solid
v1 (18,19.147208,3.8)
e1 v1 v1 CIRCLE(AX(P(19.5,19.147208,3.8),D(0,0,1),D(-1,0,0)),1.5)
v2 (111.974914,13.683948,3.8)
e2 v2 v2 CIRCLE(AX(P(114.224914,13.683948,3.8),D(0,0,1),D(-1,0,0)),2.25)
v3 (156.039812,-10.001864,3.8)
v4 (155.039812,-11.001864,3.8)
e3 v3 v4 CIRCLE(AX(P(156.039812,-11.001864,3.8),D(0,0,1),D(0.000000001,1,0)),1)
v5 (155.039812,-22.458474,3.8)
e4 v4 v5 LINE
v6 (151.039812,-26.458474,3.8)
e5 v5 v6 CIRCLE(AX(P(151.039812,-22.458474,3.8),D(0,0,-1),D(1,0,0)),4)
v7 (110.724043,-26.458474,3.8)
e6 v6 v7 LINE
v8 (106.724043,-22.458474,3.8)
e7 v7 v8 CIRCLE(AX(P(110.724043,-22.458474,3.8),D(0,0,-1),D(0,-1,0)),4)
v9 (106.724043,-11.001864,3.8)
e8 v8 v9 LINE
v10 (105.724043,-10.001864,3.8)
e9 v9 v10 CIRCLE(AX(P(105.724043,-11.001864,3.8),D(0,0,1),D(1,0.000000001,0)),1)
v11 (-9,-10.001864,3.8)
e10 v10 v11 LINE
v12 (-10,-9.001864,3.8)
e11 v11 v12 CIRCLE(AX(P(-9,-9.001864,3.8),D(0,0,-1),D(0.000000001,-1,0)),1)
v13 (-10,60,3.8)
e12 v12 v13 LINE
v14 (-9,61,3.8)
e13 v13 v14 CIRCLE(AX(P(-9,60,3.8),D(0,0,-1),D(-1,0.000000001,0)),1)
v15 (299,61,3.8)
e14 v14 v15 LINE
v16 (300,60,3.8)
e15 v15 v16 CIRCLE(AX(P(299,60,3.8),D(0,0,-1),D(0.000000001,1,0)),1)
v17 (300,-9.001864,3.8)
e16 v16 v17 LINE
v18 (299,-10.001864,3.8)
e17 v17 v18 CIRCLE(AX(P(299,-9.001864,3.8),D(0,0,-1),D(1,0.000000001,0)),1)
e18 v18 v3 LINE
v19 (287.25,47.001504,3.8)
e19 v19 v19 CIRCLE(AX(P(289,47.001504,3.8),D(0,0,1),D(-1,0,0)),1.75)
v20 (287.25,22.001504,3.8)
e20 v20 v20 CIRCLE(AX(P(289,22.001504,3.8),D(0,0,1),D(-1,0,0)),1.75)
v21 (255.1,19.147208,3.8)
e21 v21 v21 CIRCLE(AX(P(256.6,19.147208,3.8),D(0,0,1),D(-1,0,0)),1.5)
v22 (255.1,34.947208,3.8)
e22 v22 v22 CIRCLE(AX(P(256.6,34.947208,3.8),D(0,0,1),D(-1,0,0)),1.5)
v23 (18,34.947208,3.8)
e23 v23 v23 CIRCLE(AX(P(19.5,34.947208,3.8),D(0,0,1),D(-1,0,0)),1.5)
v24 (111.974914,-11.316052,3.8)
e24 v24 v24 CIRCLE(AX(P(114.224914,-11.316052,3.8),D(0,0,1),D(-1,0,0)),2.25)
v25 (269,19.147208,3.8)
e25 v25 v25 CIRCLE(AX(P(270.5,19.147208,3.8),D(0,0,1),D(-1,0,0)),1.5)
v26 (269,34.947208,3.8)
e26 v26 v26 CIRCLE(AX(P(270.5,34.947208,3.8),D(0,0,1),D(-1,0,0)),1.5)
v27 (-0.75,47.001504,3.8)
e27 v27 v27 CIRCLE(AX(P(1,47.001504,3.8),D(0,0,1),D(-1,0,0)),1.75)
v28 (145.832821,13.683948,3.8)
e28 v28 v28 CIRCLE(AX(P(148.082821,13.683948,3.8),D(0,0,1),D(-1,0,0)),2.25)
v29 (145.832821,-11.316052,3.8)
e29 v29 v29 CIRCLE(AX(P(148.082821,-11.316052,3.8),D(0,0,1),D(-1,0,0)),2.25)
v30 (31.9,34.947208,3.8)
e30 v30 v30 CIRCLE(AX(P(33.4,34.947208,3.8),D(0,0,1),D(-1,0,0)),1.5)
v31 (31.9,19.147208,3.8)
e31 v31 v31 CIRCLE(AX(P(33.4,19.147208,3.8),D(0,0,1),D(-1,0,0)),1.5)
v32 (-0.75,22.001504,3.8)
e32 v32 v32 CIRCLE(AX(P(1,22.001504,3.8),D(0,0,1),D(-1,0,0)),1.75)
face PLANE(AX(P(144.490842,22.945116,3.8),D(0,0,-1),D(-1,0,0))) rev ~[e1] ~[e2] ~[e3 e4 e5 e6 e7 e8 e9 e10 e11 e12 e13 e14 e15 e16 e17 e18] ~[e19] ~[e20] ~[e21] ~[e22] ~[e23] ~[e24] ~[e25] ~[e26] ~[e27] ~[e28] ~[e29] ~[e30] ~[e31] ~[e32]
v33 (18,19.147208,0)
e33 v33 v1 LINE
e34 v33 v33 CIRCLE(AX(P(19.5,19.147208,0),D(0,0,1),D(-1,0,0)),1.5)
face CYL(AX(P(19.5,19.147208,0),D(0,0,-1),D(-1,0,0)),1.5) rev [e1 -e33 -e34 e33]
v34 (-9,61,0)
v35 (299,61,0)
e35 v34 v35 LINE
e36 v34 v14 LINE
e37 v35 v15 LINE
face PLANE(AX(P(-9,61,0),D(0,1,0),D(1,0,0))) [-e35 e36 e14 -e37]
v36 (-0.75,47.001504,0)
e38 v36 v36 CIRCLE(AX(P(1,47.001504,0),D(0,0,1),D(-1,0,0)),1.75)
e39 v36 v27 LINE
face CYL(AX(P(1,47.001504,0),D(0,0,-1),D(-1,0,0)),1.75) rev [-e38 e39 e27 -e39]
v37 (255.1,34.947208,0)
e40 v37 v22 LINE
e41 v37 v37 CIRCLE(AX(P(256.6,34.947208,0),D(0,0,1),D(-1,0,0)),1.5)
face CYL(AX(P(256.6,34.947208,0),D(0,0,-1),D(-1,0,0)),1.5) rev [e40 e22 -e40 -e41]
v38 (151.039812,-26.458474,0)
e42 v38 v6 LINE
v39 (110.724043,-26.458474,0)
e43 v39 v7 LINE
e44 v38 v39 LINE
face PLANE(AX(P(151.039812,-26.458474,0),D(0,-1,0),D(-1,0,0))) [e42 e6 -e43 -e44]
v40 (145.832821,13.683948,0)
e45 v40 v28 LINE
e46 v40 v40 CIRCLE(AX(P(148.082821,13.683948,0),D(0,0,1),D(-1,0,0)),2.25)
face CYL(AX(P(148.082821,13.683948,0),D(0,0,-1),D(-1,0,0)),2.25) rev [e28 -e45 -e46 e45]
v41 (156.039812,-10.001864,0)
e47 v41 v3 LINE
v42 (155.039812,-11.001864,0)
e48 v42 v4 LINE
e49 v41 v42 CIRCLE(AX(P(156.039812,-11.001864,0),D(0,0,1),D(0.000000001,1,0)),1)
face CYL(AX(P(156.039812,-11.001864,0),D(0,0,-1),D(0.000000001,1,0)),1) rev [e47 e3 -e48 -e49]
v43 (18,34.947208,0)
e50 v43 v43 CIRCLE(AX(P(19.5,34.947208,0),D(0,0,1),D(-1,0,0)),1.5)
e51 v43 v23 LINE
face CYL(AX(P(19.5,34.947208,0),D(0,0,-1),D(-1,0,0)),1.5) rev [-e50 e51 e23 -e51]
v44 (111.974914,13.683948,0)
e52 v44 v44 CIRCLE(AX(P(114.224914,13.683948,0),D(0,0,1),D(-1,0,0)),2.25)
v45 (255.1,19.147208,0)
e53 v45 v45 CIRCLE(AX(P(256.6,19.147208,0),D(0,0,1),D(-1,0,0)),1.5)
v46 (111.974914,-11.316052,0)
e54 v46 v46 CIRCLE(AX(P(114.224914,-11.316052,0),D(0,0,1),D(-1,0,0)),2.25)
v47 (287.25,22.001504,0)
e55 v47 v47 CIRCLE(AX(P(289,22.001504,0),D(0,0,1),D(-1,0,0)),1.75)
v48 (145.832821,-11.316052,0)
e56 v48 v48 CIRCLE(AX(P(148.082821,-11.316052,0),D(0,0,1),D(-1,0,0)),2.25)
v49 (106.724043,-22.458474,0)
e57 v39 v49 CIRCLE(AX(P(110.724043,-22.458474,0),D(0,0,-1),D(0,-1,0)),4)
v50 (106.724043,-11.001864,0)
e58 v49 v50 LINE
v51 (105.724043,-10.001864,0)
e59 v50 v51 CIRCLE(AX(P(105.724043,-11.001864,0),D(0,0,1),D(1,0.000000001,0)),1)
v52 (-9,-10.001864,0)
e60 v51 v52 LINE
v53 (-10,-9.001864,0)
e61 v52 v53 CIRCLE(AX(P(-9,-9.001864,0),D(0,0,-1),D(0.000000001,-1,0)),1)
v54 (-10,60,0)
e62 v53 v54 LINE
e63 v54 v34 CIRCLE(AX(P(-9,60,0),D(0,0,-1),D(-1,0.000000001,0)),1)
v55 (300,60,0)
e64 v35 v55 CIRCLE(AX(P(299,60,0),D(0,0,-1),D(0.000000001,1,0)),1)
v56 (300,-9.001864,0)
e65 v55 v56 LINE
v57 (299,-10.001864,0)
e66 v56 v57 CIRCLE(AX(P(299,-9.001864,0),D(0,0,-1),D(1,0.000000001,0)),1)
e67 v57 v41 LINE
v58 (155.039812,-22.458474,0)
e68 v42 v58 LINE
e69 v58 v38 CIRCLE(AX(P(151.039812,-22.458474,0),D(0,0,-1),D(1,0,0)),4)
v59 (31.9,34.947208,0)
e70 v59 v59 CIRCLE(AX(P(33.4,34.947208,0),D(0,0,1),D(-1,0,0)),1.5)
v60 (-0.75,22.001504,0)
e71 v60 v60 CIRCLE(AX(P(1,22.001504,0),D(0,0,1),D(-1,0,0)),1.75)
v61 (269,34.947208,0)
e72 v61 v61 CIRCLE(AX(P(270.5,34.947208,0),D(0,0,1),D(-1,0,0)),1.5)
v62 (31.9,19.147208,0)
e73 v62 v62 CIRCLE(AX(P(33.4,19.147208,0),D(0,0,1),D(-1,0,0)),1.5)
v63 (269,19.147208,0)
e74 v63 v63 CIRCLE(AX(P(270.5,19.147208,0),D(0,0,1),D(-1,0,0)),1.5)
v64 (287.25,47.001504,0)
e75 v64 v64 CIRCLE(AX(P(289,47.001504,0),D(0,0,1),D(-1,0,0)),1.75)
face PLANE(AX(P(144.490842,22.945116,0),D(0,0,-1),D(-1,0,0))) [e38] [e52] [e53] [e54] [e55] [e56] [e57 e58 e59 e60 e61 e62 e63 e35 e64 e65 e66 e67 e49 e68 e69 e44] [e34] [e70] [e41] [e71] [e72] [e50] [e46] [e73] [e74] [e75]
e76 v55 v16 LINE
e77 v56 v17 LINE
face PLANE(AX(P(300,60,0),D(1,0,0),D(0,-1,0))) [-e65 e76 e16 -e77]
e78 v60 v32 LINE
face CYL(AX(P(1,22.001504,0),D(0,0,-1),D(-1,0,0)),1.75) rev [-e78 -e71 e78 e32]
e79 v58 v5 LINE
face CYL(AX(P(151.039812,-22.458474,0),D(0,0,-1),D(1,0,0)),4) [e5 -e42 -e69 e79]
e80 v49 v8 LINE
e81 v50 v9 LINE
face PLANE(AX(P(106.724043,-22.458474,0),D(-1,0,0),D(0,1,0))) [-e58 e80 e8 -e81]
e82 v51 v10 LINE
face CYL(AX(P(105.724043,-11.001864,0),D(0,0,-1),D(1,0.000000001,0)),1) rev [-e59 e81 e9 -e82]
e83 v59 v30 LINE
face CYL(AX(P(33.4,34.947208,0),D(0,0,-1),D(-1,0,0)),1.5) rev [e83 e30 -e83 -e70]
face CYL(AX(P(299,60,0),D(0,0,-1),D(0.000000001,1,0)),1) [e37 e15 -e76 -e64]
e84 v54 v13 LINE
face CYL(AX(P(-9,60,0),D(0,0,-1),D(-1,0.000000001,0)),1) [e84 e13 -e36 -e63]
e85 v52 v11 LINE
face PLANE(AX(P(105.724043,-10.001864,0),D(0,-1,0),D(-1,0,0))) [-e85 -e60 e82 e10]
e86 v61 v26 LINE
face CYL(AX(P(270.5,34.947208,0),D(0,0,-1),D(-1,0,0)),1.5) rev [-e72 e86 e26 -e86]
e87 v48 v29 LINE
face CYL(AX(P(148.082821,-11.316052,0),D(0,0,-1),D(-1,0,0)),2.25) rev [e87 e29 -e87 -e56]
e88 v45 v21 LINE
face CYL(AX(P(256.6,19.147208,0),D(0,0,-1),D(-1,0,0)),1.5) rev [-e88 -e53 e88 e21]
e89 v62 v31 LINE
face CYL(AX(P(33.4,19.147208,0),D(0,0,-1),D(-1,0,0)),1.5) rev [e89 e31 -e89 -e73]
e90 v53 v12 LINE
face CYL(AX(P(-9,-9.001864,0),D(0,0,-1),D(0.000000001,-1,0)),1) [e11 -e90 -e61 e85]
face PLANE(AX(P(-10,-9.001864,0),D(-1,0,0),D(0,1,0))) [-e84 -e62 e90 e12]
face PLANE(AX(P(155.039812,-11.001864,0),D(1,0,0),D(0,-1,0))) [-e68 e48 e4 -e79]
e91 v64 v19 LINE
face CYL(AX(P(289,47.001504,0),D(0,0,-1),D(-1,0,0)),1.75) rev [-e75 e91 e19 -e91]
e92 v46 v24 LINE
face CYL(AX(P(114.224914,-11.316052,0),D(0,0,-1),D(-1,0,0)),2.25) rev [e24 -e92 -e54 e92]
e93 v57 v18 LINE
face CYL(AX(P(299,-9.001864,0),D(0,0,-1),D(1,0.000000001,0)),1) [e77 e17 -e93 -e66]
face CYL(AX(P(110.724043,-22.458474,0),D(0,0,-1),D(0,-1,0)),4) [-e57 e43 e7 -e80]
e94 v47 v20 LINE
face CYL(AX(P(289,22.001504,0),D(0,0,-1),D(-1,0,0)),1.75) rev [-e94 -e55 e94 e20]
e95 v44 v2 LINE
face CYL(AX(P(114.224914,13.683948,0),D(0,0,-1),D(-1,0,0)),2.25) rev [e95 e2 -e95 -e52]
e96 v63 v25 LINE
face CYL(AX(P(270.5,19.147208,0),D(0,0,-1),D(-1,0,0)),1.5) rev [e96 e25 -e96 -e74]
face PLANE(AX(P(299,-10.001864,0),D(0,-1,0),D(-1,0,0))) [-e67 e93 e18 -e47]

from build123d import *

# Parameters (mm, degrees)
SKETCH1_R           = 1.75
SKETCH1_R_2         = 2.25
SKETCH1_R_3         = 1.5
BOSS_EXTRUDE1_DEPTH = 3.8


with BuildPart() as part:
    # Sketch1 → Boss-Extrude1 (new body)
    with BuildSketch(Plane.XY):
        with BuildLine():
            Line((299, -10.001863855), (156.039811852, -10.001863855))
            ThreePointArc((156.039811852, -10.001863855), (155.33270507, -10.294757074), (155.039811852, -11.001863855))
            Line((155.039811852, -11.001863855), (155.039811852, -22.458474266))
            ThreePointArc((155.039811852, -22.458474266), (153.868238976, -25.286901391), (151.039811852, -26.458474266))
            Line((151.039811852, -26.458474266), (110.724043242, -26.458474266))
            ThreePointArc((110.724043242, -26.458474266), (107.895616117, -25.286901391), (106.724043242, -22.458474266))
            Line((106.724043242, -22.458474266), (106.724043242, -11.001863855))
            ThreePointArc((106.724043242, -11.001863855), (106.431150023, -10.294757074), (105.724043242, -10.001863855))
            Line((105.724043242, -10.001863855), (-9, -10.001863855))
            ThreePointArc((-9, -10.001863855), (-9.707106781, -9.708970637), (-10, -9.001863855))
            Line((-10, -9.001863855), (-10, 60))
            ThreePointArc((-10, 60), (-9.707106781, 60.707106781), (-9, 61))
            Line((-9, 61), (299, 61))
            ThreePointArc((299, 61), (299.707106781, 60.707106781), (300, 60))
            Line((300, 60), (300, -9.001863855))
            ThreePointArc((300, -9.001863855), (299.707106781, -9.708970637), (299, -10.001863855))
        make_face()
        with Locations(Location((289, 22.001504258, 0), (0, 0, 180))):
            Circle(SKETCH1_R, mode=Mode.SUBTRACT)
        with Locations(Location((289, 47.001504258, 0), (0, 0, 180))):
            Circle(SKETCH1_R, mode=Mode.SUBTRACT)
        with Locations(Location((148.082820817, -11.316051766, 0), (0, 0, 180))):
            Circle(SKETCH1_R_2, mode=Mode.SUBTRACT)
        with Locations(Location((148.082820817, 13.683948234, 0), (0, 0, 180))):
            Circle(SKETCH1_R_2, mode=Mode.SUBTRACT)
        with Locations(Location((114.224914373, 13.683948234, 0), (0, 0, 180))):
            Circle(SKETCH1_R_2, mode=Mode.SUBTRACT)
        with Locations(Location((114.224914373, -11.316051766, 0), (0, 0, 180))):
            Circle(SKETCH1_R_2, mode=Mode.SUBTRACT)
        with Locations(Location((256.6, 19.147207957, 0), (0, 0, 180))):
            Circle(SKETCH1_R_3, mode=Mode.SUBTRACT)
        with Locations(Location((270.5, 19.147207957, 0), (0, 0, 180))):
            Circle(SKETCH1_R_3, mode=Mode.SUBTRACT)
        with Locations(Location((270.5, 34.947207957, 0), (0, 0, 180))):
            Circle(SKETCH1_R_3, mode=Mode.SUBTRACT)
        with Locations(Location((256.6, 34.947207957, 0), (0, 0, 180))):
            Circle(SKETCH1_R_3, mode=Mode.SUBTRACT)
        with Locations(Location((33.4, 34.947207957, 0), (0, 0, 180))):
            Circle(SKETCH1_R_3, mode=Mode.SUBTRACT)
        with Locations(Location((19.5, 34.947207957, 0), (0, 0, 180))):
            Circle(SKETCH1_R_3, mode=Mode.SUBTRACT)
        with Locations(Location((19.5, 19.147207957, 0), (0, 0, 180))):
            Circle(SKETCH1_R_3, mode=Mode.SUBTRACT)
        with Locations(Location((33.4, 19.147207957, 0), (0, 0, 180))):
            Circle(SKETCH1_R_3, mode=Mode.SUBTRACT)
        with Locations(Location((1, 47.001504258, 0), (0, 0, 180))):
            Circle(SKETCH1_R, mode=Mode.SUBTRACT)
        with Locations(Location((1, 22.001504258, 0), (0, 0, 180))):
            Circle(SKETCH1_R, mode=Mode.SUBTRACT)
    extrude(amount=BOSS_EXTRUDE1_DEPTH)


solid = part.part
